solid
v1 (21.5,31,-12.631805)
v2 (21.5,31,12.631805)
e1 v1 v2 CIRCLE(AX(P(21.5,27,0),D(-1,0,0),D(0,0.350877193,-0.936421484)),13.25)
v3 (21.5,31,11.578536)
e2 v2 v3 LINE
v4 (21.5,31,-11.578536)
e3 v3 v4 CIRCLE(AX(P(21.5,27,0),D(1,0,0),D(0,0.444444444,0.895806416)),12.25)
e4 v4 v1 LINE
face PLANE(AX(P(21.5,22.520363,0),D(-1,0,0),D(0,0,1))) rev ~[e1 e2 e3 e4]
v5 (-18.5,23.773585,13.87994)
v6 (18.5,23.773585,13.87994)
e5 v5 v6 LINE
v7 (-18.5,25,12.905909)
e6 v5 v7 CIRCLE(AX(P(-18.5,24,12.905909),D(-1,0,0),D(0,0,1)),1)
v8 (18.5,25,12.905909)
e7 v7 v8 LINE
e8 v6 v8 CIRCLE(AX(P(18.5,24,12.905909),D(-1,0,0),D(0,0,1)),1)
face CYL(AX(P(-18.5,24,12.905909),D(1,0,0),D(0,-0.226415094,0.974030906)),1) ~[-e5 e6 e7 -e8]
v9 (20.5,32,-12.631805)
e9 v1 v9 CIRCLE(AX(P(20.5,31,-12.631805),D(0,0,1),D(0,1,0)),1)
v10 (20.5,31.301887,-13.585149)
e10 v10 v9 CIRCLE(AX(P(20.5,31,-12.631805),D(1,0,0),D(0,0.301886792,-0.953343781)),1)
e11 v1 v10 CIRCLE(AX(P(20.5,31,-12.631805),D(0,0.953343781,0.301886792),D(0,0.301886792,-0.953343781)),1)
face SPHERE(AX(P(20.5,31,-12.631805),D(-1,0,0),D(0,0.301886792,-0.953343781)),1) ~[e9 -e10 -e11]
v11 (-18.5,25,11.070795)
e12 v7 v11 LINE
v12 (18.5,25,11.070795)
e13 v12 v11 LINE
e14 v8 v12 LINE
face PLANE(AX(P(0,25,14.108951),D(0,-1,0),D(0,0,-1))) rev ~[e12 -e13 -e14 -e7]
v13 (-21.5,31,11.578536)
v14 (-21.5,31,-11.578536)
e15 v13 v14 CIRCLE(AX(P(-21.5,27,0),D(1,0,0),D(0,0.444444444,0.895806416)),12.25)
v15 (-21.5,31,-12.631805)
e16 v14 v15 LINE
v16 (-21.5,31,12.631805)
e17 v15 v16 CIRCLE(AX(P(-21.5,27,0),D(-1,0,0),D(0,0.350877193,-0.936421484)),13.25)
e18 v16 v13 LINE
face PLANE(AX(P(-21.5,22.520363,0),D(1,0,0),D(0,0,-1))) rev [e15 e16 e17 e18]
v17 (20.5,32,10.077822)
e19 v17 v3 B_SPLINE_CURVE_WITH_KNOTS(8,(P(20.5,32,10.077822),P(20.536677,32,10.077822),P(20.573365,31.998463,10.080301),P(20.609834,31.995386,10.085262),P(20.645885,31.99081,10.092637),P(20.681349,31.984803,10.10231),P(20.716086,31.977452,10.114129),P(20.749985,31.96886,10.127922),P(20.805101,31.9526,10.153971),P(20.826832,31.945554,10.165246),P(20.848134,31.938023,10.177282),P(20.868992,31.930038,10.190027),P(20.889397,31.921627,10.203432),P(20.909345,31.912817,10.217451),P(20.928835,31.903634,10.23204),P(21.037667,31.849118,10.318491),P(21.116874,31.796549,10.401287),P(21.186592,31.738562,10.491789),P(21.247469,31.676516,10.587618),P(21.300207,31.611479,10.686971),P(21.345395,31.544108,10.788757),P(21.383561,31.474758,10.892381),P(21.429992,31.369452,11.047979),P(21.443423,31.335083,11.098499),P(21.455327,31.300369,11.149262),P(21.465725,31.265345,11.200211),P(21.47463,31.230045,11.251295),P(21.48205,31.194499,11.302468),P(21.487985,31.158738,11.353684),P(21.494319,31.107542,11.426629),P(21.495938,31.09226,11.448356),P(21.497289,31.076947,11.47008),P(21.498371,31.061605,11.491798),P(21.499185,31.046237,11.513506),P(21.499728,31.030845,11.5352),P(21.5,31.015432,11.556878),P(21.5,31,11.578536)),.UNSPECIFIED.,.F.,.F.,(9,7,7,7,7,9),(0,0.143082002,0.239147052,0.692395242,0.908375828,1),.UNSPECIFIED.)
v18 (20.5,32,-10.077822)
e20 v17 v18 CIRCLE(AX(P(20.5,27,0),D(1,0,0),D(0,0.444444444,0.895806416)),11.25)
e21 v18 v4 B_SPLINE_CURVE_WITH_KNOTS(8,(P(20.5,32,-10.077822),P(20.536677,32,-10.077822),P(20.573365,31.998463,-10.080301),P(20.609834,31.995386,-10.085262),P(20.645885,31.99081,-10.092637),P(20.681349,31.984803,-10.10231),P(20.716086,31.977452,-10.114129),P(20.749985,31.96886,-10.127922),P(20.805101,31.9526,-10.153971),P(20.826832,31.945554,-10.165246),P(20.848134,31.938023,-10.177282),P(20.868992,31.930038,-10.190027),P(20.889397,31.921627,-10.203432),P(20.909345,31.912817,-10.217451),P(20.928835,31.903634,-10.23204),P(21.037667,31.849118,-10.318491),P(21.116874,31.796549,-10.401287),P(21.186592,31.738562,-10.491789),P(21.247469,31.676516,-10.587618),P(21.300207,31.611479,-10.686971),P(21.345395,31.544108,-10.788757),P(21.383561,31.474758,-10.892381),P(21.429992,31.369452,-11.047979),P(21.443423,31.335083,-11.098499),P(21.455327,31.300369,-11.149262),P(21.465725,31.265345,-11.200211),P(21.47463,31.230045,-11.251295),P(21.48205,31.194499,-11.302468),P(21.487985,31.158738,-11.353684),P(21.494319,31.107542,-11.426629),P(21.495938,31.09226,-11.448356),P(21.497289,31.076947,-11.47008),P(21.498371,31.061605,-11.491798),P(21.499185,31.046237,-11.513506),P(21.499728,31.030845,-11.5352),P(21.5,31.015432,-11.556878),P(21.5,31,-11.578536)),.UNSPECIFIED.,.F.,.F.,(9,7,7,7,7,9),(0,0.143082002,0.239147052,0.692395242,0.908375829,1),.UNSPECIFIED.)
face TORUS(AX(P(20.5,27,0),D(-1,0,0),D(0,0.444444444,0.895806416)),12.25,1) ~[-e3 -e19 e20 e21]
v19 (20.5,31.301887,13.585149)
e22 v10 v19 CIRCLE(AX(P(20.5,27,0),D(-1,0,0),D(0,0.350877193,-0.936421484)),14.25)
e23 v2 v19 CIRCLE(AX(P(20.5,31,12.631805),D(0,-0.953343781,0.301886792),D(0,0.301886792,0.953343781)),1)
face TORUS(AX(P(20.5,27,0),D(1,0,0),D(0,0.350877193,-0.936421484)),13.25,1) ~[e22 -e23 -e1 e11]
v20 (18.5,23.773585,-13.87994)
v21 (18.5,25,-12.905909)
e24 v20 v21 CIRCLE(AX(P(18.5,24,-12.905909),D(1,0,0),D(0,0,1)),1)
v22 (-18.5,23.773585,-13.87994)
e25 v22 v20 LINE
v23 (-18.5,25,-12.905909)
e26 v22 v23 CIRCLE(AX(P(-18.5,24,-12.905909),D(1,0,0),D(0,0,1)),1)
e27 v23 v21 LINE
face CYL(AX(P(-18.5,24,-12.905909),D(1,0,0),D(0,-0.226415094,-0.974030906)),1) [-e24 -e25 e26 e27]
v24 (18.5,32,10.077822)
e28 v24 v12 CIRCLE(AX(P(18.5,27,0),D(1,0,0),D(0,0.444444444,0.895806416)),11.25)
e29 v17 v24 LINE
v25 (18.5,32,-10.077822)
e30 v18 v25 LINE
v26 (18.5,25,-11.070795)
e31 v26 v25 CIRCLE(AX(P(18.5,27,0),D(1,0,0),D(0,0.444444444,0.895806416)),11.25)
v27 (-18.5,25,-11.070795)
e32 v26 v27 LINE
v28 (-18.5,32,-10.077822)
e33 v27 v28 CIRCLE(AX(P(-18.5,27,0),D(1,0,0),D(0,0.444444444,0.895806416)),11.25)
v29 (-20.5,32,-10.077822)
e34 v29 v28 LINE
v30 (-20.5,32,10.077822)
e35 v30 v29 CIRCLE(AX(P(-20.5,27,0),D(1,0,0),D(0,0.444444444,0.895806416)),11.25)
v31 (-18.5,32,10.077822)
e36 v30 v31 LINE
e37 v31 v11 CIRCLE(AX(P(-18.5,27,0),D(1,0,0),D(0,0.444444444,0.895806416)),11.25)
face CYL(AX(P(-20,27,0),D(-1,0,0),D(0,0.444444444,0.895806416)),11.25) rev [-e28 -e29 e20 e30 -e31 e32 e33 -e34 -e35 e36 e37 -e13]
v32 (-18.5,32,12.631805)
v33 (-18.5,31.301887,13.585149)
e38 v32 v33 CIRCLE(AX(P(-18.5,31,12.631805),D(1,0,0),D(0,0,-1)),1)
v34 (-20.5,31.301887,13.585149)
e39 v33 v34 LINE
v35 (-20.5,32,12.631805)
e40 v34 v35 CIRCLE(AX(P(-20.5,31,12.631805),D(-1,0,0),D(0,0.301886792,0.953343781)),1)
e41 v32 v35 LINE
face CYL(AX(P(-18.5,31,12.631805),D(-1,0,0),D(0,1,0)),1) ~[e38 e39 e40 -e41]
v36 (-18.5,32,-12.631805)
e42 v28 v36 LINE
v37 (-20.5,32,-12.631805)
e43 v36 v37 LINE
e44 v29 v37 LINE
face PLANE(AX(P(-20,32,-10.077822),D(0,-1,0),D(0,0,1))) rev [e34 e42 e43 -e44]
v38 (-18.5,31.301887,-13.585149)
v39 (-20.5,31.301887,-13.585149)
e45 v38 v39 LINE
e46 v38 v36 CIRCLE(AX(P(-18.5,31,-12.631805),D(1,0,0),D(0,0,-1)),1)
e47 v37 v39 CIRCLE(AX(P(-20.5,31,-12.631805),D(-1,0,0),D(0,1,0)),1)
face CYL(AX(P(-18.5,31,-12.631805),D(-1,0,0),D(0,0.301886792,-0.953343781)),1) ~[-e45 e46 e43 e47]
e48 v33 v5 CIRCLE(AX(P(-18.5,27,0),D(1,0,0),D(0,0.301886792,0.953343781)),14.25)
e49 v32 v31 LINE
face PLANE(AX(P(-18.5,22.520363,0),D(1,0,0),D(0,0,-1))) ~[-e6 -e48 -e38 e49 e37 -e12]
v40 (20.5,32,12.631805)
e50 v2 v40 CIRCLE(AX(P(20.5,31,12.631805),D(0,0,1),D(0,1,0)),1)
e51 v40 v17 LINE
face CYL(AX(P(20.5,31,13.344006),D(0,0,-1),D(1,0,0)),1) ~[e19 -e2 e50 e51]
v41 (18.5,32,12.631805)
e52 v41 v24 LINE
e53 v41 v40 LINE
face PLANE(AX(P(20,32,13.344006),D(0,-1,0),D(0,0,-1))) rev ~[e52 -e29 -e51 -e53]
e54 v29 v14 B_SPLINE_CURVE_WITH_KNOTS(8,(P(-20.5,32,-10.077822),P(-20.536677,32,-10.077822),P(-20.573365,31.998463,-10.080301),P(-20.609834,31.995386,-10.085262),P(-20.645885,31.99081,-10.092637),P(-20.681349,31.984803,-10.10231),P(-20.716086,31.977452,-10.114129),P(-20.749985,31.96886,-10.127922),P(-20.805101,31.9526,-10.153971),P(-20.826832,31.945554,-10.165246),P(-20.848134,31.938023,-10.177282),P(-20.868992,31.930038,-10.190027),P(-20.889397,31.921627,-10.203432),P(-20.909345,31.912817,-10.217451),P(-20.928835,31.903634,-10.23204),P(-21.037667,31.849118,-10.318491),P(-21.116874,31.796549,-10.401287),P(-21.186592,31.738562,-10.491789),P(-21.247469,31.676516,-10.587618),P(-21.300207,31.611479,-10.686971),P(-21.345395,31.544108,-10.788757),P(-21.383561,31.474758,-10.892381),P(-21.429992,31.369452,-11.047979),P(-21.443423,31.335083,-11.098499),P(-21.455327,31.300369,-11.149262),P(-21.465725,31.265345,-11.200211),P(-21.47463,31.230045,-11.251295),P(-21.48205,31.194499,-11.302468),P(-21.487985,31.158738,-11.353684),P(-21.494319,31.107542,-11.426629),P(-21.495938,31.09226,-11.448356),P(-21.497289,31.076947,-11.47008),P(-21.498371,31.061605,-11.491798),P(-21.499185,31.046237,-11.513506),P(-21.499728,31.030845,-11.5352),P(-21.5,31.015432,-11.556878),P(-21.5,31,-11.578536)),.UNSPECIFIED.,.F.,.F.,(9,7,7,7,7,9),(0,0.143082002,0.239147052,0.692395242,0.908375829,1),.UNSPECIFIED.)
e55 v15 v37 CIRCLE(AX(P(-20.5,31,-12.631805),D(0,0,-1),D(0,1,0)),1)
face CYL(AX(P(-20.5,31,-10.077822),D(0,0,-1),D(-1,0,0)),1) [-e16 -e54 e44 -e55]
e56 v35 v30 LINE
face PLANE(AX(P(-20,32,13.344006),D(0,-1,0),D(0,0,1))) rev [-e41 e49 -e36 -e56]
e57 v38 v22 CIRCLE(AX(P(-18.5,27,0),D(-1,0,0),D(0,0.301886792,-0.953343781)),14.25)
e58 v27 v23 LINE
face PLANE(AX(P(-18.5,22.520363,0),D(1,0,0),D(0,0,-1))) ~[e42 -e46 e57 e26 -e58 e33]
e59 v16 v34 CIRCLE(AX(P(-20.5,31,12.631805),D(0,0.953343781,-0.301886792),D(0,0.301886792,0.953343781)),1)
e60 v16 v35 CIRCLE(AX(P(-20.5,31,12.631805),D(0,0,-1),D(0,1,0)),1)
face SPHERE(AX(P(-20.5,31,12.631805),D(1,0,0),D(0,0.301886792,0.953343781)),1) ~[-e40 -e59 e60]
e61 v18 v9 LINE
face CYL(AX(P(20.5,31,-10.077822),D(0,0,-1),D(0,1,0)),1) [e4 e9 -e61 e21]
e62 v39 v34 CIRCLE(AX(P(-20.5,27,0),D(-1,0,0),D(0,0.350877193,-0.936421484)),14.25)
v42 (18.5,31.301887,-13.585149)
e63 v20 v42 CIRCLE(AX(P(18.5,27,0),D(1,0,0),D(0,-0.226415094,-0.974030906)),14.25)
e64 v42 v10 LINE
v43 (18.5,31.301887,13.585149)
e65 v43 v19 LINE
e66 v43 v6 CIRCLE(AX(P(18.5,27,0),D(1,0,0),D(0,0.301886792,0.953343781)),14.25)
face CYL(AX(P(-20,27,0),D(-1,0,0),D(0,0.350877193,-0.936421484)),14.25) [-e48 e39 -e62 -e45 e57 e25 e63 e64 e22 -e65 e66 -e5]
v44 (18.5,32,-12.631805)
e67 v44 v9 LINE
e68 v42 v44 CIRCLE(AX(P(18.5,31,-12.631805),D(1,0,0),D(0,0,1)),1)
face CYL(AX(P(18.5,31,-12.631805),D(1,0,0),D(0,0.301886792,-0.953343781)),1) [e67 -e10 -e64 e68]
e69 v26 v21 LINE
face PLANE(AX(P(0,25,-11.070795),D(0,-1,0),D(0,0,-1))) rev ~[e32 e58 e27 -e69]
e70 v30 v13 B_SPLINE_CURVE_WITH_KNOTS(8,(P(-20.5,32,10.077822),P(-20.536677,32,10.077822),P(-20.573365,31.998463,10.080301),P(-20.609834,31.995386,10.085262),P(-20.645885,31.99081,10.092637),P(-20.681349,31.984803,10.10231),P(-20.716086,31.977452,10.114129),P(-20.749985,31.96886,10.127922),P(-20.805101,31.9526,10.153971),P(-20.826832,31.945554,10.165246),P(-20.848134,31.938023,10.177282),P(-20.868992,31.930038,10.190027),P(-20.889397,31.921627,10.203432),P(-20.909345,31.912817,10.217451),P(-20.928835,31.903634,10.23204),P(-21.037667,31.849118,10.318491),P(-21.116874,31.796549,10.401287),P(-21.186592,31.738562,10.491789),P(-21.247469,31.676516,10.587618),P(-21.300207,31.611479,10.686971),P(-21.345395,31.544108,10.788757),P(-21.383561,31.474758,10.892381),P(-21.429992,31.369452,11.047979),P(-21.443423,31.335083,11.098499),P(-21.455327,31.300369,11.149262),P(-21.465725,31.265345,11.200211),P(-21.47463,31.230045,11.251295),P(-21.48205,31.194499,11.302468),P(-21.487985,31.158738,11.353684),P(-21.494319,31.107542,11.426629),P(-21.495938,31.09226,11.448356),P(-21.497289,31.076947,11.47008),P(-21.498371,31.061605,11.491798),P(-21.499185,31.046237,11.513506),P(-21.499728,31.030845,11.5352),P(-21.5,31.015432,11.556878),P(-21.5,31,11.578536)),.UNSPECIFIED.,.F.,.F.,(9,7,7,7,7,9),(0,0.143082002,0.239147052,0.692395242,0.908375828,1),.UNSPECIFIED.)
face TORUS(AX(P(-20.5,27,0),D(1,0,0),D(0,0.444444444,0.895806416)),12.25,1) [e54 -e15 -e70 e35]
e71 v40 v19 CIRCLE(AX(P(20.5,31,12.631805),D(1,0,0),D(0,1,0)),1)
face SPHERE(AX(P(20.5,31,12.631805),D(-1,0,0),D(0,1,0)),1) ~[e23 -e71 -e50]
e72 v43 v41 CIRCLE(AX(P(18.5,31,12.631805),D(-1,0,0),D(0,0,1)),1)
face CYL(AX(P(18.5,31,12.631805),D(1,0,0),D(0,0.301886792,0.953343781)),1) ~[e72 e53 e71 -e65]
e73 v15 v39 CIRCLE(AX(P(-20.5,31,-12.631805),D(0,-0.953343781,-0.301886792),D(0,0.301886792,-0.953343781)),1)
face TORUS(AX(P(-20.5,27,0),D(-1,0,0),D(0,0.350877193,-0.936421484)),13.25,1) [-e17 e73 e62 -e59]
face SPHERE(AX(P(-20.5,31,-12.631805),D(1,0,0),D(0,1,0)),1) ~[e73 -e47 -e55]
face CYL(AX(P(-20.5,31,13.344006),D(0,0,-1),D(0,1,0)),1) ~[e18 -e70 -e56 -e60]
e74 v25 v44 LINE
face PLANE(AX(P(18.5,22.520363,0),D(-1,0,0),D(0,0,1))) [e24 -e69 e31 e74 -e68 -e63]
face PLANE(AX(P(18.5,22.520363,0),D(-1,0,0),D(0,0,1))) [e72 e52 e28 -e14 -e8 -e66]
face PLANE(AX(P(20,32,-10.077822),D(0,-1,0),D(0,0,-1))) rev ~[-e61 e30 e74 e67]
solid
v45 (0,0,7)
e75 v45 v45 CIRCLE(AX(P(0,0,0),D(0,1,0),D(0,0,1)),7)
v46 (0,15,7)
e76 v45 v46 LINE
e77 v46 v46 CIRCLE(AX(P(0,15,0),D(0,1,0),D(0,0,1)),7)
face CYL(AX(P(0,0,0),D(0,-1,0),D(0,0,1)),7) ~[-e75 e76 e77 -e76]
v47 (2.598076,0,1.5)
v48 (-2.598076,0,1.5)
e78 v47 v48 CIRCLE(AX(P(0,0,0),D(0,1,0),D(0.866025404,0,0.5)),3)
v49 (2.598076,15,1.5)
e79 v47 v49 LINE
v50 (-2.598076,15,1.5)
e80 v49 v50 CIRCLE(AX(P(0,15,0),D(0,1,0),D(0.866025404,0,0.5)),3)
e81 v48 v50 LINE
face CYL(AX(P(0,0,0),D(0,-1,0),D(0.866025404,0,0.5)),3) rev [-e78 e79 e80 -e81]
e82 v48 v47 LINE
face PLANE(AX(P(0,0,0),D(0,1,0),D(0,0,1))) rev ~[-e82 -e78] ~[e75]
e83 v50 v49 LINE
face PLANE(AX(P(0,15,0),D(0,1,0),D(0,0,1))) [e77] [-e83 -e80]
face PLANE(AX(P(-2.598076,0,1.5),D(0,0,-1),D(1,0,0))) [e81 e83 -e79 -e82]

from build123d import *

# Parameters (mm, degrees)
SKETCH1_R           = 7
BOSS_EXTRUDE1_DEPTH = 15
BOSS_EXTRUDE2_DEPTH = 20
BOSS_EXTRUDE3_DEPTH = 1.5
FILLET1_R           = 1


with BuildPart() as part:
    # Sketch1 → Boss-Extrude1 (new body)
    with BuildSketch(Plane(origin=(0, 0, 0), x_dir=(1, 0, 0), z_dir=(0, 1, 0))):
        with Locations(Location((0, 0, 0), (0, 0, 270))):
            Circle(SKETCH1_R)
        with BuildLine():
            Line((-2.598076211, -1.5), (2.598076211, -1.5))
            ThreePointArc((2.598076211, -1.5), (0, 3), (-2.598076211, -1.5))
        make_face(mode=Mode.SUBTRACT)
    extrude(amount=BOSS_EXTRUDE1_DEPTH)


with BuildPart() as body_2:
    # Sketch2 → Boss-Extrude2 (new, symmetric)
    with BuildSketch(Plane(origin=(0, 0, 0), x_dir=(0, 0, -1), z_dir=(1, 0, 0))):
        with BuildLine():
            Line((-14.10895106, 25), (-11.070794913, 25))
            ThreePointArc((-11.070794913, 25), (0, 15.75), (11.070794913, 25))
            Line((11.070794913, 25), (14.10895106, 25))
            ThreePointArc((14.10895106, 25), (0, 12.75), (-14.10895106, 25))
        make_face()
    extrude(amount=BOSS_EXTRUDE2_DEPTH, both=True)

    # Sketch3 → Boss-Extrude3 (add, symmetric)
    with BuildSketch(Plane(origin=(20, 0, 0), x_dir=(0, 0, -1), z_dir=(1, 0, 0))):
        with BuildLine():
            Line((-13.344006145, 32), (-10.077822185, 32))
            ThreePointArc((-10.077822185, 32), (0, 15.75), (10.077822185, 32))
            Line((10.077822185, 32), (13.344006145, 32))
            ThreePointArc((13.344006145, 32), (0, 12.75), (-13.344006145, 32))
        make_face()
    boss_extrude3 = extrude(amount=BOSS_EXTRUDE3_DEPTH, both=True)

    # Mirror1: Boss-Extrude3 across plane
    add(boss_extrude3.mirror(Plane(origin=(0, 0, 0), x_dir=(0, 0, 1), z_dir=(1, 0, 0))))

    # Fillet1
    fillet1_edges = [body_2.edges().sort_by_distance(p)[0] for p in [
        (0, 25, -14.10895106),
        (0, 25, 14.10895106),
        (20, 32, 13.344006145),
        (20, 32, -13.344006145),
        (21.5, 15.75, 0),
        (21.5, 32, 11.710914165),
        (21.5, 12.75, 0),
        (21.5, 32, -11.710914165),
        (-21.5, 15.75, 0),
        (-21.5, 12.75, 0),
        (-20, 32, -13.344006145),
        (-21.5, 32, -11.710914165),
        (-21.5, 32, 11.710914165),
        (-20, 32, 13.344006145),
    ]]
    fillet(fillet1_edges, radius=FILLET1_R)


solid = Compound([part.part, body_2.part])
